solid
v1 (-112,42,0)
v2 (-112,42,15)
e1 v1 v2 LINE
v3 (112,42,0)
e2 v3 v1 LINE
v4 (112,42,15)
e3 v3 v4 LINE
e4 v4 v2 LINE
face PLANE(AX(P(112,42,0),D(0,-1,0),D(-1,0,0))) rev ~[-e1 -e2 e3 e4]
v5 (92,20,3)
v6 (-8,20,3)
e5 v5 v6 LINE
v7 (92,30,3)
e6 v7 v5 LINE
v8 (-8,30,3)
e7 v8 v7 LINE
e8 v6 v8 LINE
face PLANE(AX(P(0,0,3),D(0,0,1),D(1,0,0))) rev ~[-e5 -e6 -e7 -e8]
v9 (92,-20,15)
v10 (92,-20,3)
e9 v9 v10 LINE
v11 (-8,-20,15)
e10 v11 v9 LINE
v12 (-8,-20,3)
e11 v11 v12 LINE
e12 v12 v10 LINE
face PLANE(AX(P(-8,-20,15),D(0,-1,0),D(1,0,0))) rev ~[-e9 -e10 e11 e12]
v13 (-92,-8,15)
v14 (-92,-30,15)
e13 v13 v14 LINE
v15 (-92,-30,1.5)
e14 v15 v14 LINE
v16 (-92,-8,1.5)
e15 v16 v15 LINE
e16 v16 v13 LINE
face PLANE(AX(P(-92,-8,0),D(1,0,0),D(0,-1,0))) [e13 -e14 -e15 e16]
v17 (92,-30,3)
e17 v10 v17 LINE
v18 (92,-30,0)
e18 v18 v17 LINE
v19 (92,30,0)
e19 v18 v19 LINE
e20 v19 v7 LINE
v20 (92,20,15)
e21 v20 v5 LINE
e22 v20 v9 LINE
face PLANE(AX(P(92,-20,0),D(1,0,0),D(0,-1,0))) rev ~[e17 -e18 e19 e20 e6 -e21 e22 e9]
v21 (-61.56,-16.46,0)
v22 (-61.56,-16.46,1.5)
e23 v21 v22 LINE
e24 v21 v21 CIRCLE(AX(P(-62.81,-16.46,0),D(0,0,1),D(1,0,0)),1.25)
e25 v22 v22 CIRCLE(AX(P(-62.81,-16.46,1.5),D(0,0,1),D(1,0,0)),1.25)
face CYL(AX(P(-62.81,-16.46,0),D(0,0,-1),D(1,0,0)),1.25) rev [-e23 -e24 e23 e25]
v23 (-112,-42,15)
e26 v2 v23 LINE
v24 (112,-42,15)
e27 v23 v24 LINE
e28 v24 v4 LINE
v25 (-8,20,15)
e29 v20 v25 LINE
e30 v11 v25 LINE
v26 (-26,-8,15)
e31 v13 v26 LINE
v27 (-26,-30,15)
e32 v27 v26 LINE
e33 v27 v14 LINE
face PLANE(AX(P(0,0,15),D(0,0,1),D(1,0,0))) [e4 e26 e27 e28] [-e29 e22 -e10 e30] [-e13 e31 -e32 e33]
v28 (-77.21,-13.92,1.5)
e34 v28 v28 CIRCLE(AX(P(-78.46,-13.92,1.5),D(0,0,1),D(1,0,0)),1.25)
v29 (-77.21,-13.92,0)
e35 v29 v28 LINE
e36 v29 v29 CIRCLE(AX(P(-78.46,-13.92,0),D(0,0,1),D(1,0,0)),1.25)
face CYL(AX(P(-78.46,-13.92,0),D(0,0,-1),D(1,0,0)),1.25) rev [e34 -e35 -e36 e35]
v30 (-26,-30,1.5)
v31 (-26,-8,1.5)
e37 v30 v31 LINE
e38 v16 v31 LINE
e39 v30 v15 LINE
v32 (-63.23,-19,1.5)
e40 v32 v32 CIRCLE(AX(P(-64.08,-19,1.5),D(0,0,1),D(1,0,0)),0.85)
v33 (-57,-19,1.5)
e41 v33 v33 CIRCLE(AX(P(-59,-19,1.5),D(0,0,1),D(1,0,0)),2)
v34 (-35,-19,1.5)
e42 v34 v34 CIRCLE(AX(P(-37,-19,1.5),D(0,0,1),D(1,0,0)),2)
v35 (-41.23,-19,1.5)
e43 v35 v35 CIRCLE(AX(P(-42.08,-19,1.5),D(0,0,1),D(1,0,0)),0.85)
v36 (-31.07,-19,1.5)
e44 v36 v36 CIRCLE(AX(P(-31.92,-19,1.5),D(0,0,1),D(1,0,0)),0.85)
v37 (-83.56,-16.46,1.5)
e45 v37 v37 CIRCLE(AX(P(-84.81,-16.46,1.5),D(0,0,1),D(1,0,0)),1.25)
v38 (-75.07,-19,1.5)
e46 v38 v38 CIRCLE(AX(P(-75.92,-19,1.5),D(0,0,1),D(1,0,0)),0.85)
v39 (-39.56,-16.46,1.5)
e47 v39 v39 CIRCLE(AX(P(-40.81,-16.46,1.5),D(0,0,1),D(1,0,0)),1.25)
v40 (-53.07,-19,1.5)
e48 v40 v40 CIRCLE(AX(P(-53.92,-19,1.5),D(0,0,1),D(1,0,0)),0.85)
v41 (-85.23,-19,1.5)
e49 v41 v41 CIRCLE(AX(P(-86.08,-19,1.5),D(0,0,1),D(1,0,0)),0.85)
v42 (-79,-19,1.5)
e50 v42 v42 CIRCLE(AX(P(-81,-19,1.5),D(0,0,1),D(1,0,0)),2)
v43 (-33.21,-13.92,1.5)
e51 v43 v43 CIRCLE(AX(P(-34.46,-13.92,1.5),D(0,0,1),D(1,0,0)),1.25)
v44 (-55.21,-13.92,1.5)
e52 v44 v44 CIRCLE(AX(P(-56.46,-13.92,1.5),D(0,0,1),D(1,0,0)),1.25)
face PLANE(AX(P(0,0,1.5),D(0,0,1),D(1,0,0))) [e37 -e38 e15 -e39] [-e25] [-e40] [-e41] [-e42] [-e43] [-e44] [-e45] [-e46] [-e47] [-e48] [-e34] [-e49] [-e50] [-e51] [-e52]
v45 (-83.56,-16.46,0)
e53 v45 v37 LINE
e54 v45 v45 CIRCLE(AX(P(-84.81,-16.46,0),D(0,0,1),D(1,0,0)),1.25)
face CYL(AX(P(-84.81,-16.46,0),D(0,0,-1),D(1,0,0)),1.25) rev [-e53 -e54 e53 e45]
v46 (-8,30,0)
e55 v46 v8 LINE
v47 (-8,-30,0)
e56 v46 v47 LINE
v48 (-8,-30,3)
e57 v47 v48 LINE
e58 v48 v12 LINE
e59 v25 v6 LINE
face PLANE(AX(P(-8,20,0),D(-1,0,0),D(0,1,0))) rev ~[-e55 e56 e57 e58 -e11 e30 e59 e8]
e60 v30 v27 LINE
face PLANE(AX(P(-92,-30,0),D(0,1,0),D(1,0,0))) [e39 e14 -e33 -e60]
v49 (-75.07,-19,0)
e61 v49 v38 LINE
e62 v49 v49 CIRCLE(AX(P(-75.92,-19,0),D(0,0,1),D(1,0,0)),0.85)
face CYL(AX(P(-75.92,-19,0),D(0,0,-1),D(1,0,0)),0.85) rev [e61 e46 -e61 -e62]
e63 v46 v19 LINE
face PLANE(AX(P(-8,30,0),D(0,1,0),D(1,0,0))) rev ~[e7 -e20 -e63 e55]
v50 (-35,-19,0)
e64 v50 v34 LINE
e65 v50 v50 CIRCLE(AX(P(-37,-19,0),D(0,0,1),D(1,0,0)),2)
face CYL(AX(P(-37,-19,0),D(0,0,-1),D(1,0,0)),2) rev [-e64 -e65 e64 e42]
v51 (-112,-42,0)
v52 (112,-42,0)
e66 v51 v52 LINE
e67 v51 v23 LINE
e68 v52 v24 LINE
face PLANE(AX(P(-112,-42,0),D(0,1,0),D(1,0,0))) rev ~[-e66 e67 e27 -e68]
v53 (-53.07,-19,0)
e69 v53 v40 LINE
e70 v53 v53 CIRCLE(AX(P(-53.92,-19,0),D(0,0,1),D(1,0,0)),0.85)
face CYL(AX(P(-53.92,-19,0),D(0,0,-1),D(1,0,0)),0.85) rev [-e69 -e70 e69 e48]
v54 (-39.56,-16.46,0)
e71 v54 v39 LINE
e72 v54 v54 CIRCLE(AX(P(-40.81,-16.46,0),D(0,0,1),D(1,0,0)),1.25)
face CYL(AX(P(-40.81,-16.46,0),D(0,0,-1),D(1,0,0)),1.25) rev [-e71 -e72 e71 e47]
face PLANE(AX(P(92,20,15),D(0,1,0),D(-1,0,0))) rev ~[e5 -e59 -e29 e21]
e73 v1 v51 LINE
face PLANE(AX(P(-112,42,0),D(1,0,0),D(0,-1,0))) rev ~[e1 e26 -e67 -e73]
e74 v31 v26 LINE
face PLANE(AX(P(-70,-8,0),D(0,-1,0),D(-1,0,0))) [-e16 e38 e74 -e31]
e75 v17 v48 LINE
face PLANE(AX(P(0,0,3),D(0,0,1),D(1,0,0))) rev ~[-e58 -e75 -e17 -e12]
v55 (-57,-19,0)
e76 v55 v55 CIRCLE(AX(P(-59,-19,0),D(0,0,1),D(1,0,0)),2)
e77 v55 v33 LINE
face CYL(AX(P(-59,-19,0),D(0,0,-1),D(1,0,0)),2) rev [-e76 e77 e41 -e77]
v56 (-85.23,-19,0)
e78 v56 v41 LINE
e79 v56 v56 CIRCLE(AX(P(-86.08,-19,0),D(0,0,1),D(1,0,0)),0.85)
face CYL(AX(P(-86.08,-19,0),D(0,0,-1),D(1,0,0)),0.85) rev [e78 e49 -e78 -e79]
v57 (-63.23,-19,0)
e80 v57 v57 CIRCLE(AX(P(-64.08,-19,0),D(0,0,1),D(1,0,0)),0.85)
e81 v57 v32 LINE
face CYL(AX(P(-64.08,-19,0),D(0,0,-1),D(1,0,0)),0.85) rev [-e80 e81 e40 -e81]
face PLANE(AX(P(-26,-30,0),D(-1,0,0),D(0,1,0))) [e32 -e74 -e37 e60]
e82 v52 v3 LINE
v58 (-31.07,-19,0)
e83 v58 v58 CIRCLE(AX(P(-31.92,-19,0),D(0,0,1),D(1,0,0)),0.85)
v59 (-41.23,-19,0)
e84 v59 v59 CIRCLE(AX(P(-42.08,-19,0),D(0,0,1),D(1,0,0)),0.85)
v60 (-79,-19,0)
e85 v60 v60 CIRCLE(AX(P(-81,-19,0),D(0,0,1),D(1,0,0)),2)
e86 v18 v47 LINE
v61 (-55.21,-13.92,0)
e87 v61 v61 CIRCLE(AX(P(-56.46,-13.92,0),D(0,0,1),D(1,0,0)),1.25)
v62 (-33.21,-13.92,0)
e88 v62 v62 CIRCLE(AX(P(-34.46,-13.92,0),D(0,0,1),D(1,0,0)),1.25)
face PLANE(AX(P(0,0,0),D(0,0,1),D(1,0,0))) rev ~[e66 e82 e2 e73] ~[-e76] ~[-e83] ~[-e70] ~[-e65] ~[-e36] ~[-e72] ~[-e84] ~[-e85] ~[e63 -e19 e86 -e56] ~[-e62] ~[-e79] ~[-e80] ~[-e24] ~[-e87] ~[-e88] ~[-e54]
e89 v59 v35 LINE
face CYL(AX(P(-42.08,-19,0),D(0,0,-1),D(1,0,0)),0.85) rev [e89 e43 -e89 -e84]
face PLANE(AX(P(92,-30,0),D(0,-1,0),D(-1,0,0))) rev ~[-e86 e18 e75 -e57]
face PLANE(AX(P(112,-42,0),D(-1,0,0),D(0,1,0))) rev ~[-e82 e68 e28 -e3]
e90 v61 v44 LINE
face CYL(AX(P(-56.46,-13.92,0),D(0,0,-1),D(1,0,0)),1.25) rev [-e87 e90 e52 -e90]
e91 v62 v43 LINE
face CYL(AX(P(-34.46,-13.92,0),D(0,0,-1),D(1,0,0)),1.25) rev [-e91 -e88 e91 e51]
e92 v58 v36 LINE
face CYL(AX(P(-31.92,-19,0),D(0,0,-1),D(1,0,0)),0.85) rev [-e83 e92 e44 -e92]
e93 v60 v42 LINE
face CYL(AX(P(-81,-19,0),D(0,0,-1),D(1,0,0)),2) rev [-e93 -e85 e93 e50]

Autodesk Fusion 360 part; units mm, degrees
sketch "Sketch1" plane through (0, 0, 0) normal (0, 0, 1) x (1, 0, 0)
  line L0 (112, 42) -> (-112, 42)
  line L1 (-112, 42) -> (-112, -42)
  line L2 (-112, -42) -> (112, -42)
  line L3 (112, -42) -> (112, 42)
  line L4 (112, 42) -> (-112, -42) construction
  line L5 (-112, 42) -> (112, -42) construction
  line L6 (-8, 30) -> (92, 30)
  line L7 (92, 30) -> (92, -30)
  line L8 (92, -30) -> (-8, -30)
  line L9 (-8, -30) -> (-8, 30)
  line L10 (-8, 30) -> (92, -30) construction
  line L11 (92, 30) -> (-8, -30) construction
  line L12 (92, 20) -> (-8, 20)
  line L13 (-8, 20) -> (-8, -20)
  line L14 (-8, -20) -> (92, -20)
  line L15 (92, -20) -> (92, 20)
  line L16 (92, 20) -> (-8, -20) construction
  line L17 (-8, 20) -> (92, -20) construction
  line L18 (92, 42) -> (92, -42) construction
  line L19 (-81, -19) -> (-78.46, -19) construction
  line L20 (-81, -13.92) -> (-81, -19) construction
  circle A0 centre (-75.92, -19) radius 0.85
  line L21 (-81, -16.46) -> (-81, -19) construction
  line L22 (-84.81, -19) -> (-84.81, -16.46) construction
  line L23 (-78.46, -13.92) -> (-81, -13.92) construction
  circle A1 centre (-78.46, -13.92) radius 1.25
  circle A2 centre (-86.08, -19) radius 0.85
  circle A3 centre (-81, -19) radius 2
  circle A4 centre (-84.81, -16.46) radius 1.25
  line L24 (-78.46, -19) -> (-78.46, -13.92) construction
  line L25 (-81, -19) -> (-75.92, -19) construction
  line L26 (-81, -19) -> (-84.81, -19) construction
  line L27 (-84.81, -16.46) -> (-81, -16.46) construction
  line L28 (-70, -8) -> (-92, -8)
  line L29 (-92, -8) -> (-92, -30)
  line L30 (-92, -30) -> (-70, -30)
  line L31 (-70, -30) -> (-70, -8) construction
  line L32 (-70, -8) -> (-92, -30) construction
  line L33 (-92, -8) -> (-70, -30) construction
  circle A5 centre (-53.92, -19) radius 0.85
  line L34 (-56.46, -19) -> (-56.46, -13.92) construction
  circle A6 centre (-64.08, -19) radius 0.85
  circle A7 centre (-62.81, -16.46) radius 1.25
  line L35 (-59, -16.46) -> (-59, -19) construction
  line L36 (-48, -30) -> (-48, -8) construction
  line L37 (-59, -19) -> (-53.92, -19) construction
  line L38 (-70, -8) -> (-48, -30) construction
  line L39 (-56.46, -13.92) -> (-59, -13.92) construction
  line L40 (-70, -8) -> (-70, -30) construction
  circle A8 centre (-56.46, -13.92) radius 1.25
  circle A9 centre (-59, -19) radius 2
  line L41 (-59, -19) -> (-56.46, -19) construction
  line L42 (-48, -8) -> (-70, -8)
  line L43 (-59, -13.92) -> (-59, -19) construction
  line L44 (-48, -8) -> (-70, -30) construction
  line L45 (-70, -30) -> (-48, -30)
  line L46 (-62.81, -19) -> (-62.81, -16.46) construction
  line L47 (-59, -19) -> (-62.81, -19) construction
  line L48 (-62.81, -16.46) -> (-59, -16.46) construction
  circle A10 centre (-31.92, -19) radius 0.85
  line L49 (-34.46, -19) -> (-34.46, -13.92) construction
  circle A11 centre (-42.08, -19) radius 0.85
  circle A12 centre (-40.81, -16.46) radius 1.25
  line L50 (-37, -16.46) -> (-37, -19) construction
  line L51 (-26, -30) -> (-26, -8)
  line L52 (-37, -19) -> (-31.92, -19) construction
  line L53 (-48, -8) -> (-26, -30) construction
  line L54 (-34.46, -13.92) -> (-37, -13.92) construction
  line L55 (-48, -8) -> (-48, -30) construction
  circle A13 centre (-34.46, -13.92) radius 1.25
  circle A14 centre (-37, -19) radius 2
  line L56 (-37, -19) -> (-34.46, -19) construction
  line L57 (-26, -8) -> (-48, -8)
  line L58 (-37, -13.92) -> (-37, -19) construction
  line L59 (-26, -8) -> (-48, -30) construction
  line L60 (-48, -30) -> (-26, -30)
  line L61 (-40.81, -19) -> (-40.81, -16.46) construction
  line L62 (-37, -19) -> (-40.81, -19) construction
  line L63 (-40.81, -16.46) -> (-37, -16.46) construction
  line L64 (-92, -30) -> (-112, -30) construction
  line L65 (-112, -30) -> (-112, -42) construction
  line L66 (-112, -42) -> (-92, -42) construction
  line L67 (-92, -42) -> (-92, -30) construction
  point P0 (42, 0)
  point P1 (42, 0)
  point P2 (-81, -19)
  point P3 (-81, -19)
  point P4 (-81, -19)
  point P5 (-59, -19)
  point P6 (-59, -19)
  point P7 (-59, -19)
  point P8 (-37, -19)
  point P9 (-37, -19)
  point P10 (-37, -19)
  dimension "d1" = 224
  dimension "d2" = 84
  dimension "d3" = 100
  dimension "d4" = 60
  dimension "d5" = 100
  dimension "d6" = 40
  dimension "d7" = 4
  dimension "d8" = 5.08
  dimension "d9" = 1.7
  dimension "d10" = 2.54
  dimension "d11" = 5.08
  dimension "d12" = 2.5
  dimension "d13" = 3.81
  dimension "d14" = 2.54
  dimension "d15" = 2.5
  dimension "d16" = 22
  dimension "d17" = 22
  dimension "d20" = 44
  dimension "d21" = 0
  dimension "d22" = 20
  dimension "d23" = 12
  dimension "d24" = 20
extrude "Extrude1" add sketch "Sketch1" along normal blind 15 contours L0 L1 L2 L3
extrude "Extrude2" add sketch "Sketch1" along normal blind 1.5 contours L28 L29 L30 L42 L45 L51 L57 L60
extrude "Extrude3" add sketch "Sketch1" against normal blind 12 from surface at 15 contours L6 L7 L9 L12 | L7 L8 L9 L14
